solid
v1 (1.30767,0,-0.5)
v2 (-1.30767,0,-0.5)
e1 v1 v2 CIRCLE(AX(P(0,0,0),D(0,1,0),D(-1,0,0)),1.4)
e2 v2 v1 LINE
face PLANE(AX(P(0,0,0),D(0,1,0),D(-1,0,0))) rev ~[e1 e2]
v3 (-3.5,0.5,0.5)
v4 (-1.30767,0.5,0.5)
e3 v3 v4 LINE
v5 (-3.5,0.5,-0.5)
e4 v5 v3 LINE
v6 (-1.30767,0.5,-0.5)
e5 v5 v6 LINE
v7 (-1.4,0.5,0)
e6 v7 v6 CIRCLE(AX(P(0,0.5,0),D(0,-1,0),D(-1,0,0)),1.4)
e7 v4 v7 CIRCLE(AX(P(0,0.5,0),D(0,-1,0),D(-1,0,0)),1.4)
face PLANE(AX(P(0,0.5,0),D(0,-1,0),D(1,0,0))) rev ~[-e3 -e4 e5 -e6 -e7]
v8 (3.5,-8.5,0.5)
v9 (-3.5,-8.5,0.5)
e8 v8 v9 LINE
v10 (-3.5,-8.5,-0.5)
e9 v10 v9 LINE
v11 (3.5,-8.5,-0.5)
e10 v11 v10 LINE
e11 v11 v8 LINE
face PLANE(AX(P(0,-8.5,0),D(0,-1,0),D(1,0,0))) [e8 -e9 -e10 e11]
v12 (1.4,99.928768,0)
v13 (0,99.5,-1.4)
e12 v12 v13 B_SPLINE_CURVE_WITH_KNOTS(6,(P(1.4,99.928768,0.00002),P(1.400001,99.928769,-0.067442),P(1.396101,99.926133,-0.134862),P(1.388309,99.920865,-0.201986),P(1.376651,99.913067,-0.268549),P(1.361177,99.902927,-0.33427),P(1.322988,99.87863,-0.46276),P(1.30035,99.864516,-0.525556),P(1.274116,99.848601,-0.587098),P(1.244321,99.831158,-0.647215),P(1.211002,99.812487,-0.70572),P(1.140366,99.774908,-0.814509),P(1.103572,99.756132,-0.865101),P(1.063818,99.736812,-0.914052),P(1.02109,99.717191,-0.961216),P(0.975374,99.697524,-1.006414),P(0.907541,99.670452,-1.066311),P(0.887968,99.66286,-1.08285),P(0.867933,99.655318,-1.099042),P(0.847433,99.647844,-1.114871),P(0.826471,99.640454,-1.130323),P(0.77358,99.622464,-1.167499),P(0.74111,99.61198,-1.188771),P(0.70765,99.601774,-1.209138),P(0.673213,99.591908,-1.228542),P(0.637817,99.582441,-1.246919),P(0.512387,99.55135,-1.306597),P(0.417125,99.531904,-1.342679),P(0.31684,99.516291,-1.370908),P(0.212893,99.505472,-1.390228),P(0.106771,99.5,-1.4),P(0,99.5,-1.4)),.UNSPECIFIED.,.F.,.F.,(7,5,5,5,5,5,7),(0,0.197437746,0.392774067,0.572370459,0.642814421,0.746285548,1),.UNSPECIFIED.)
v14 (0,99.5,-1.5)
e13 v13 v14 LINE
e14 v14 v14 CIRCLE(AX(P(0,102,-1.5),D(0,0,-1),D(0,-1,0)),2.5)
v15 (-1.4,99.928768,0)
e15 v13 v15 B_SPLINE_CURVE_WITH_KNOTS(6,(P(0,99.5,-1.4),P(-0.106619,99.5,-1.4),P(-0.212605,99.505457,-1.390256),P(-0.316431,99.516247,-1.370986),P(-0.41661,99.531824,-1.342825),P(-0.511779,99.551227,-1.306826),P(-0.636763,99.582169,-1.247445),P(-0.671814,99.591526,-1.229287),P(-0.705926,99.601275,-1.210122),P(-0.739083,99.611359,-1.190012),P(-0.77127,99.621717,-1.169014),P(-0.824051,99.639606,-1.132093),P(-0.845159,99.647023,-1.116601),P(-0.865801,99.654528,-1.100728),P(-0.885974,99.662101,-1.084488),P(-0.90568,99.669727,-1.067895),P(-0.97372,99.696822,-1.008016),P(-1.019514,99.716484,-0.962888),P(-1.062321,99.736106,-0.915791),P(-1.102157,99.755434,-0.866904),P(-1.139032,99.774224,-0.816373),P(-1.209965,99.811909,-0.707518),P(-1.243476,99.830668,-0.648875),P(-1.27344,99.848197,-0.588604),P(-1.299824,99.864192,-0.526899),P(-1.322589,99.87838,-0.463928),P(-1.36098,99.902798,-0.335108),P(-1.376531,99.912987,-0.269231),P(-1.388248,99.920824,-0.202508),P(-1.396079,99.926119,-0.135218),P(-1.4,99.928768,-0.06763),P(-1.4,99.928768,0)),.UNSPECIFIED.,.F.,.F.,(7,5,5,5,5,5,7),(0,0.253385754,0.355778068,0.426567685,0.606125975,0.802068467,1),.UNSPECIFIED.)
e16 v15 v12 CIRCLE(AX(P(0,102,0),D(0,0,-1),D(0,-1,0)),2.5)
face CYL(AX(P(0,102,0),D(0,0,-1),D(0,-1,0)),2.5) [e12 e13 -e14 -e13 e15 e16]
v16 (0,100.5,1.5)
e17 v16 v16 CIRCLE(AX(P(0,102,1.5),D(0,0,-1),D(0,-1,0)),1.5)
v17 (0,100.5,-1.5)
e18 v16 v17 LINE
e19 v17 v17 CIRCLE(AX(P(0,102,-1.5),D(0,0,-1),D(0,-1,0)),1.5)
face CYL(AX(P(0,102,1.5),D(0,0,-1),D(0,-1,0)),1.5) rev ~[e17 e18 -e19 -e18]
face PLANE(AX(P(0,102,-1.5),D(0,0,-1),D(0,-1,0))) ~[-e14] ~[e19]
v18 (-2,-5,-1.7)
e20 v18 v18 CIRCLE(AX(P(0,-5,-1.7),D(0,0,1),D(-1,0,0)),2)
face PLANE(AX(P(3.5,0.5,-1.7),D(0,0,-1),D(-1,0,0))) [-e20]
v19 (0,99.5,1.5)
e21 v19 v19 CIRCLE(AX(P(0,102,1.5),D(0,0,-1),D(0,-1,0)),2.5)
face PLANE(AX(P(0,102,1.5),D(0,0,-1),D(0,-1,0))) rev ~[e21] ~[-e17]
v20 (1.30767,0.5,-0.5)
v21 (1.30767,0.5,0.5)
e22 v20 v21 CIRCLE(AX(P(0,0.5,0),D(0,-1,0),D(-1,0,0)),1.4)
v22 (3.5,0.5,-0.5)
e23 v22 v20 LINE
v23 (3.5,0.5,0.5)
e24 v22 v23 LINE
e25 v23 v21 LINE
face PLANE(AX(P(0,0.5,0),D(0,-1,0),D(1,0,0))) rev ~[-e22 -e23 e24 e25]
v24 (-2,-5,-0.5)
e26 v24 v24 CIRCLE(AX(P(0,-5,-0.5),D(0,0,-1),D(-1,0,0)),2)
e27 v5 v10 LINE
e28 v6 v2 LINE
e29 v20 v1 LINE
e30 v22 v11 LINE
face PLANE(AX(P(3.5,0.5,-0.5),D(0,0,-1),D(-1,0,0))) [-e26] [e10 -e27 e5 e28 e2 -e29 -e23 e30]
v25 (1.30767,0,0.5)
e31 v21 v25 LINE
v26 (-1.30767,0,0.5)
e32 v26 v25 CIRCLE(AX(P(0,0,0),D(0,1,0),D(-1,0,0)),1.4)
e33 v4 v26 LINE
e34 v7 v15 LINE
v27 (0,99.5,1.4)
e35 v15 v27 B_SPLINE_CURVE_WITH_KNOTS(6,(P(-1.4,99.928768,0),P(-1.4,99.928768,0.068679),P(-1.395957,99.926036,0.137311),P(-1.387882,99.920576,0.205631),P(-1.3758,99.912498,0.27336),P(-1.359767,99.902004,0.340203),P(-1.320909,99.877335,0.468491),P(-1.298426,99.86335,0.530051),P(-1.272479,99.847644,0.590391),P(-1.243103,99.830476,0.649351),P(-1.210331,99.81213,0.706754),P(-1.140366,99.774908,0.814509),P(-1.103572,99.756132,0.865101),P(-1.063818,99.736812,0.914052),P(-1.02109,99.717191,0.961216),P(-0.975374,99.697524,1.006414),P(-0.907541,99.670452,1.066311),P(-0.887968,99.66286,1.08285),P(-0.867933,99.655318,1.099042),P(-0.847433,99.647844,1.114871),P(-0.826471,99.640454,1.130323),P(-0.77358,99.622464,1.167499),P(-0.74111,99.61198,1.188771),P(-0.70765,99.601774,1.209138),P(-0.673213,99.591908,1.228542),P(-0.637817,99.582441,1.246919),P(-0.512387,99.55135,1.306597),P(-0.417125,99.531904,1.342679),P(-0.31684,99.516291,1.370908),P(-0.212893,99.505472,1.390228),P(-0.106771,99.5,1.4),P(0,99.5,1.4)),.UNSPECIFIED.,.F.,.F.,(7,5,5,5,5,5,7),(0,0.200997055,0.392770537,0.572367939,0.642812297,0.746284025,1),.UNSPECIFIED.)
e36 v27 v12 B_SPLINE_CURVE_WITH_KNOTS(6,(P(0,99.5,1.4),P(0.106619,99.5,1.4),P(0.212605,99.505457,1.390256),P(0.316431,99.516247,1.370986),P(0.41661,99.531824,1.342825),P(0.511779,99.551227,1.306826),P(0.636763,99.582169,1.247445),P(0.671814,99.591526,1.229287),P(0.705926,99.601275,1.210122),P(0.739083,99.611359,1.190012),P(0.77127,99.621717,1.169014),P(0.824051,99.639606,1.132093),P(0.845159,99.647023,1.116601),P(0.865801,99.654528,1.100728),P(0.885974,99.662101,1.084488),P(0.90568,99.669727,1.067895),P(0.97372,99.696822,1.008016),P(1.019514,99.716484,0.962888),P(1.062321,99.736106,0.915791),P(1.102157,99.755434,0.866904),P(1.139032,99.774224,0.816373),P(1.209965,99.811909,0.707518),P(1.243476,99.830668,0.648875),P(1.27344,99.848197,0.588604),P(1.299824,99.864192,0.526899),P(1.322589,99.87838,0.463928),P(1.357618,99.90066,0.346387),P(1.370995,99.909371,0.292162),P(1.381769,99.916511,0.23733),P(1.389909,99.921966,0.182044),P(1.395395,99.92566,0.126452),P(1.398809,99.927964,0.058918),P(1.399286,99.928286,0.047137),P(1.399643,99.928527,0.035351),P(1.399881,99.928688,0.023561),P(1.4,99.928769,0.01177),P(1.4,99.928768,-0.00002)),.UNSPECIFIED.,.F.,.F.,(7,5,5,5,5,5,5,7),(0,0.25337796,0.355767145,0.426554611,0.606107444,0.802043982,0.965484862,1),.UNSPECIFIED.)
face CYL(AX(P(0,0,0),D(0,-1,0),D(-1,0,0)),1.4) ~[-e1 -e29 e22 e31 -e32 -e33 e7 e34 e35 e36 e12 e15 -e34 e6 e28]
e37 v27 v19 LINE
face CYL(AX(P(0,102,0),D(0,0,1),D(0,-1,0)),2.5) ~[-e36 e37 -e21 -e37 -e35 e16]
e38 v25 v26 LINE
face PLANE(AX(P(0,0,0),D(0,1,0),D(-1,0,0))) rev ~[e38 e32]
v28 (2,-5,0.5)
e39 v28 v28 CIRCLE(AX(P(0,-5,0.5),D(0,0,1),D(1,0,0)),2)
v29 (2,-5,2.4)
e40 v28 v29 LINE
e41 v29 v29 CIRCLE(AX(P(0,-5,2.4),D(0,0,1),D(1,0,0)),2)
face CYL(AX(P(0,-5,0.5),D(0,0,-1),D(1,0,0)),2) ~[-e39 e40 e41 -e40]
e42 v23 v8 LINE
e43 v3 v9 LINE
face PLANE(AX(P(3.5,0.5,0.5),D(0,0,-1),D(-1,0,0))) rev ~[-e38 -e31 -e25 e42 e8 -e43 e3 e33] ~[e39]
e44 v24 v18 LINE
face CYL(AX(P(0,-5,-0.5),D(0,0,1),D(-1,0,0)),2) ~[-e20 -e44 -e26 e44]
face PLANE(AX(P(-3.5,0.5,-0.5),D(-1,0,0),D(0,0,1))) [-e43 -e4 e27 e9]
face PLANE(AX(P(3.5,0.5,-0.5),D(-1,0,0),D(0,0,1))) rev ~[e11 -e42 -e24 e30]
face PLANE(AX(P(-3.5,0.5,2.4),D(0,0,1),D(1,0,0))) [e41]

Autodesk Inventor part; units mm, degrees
ref_plane "YZ Plane" through (0, 0, 0) normal (1, 0, 0) x (0, 1, 0)
sketch "Sketch1" plane through (0, 0, 0) normal (0, 1, 0) x (-1, 0, 0)
  circle A0 centre (0, 0) radius 1.4
  dimension "d0" = 2.8
extrude "Extrusion1" add sketch "Sketch1" along normal blind 100
ref_plane "Work Plane1" through (0, 99.5, 0) normal (0, 1, 0) x (1, 0, 0)
sketch "Sketch2" plane through (0, 99.5, 0) normal (0, 1, 0) x (1, 0, 0)
  line L0 (0, 0) -> (0, -1.5)
  line L1 (0, 0) -> (0, 1.5)
  dimension "d4" = 1.5
  dimension "d5" = 1.5
sketch "Sketch3" plane through (0, 0, 0) normal (1, 0, 0) x (0, 1, 0)
  line L0 (99.5, 0) -> (99.5, 1.5) projected
  line L1 (99.5, 0) -> (99.5, -1.5) projected
  line L2 (99.5, 1.5) -> (100.5, 1.5)
  line L3 (100.5, 1.5) -> (100.5, -1.5)
  line L4 (100.5, -1.5) -> (99.5, -1.5)
  line L5 (102, 1.659) -> (102, -3.2084)
  point P0 (0, 0)
  dimension "d6" = 1
  dimension "d7" = 2.5
revolve "Revolution1" add sketch "Sketch3" angle 360 about axis through (0, 102, 1.659) along (0, 0, -1)
ref_plane "Work Plane2" through (0, 0.5, 0) normal (0, -1, 0) x (1, 0, 0)
sketch "Sketch4" plane through (0, 0.5, 0) normal (0, -1, 0) x (1, 0, 0)
  line L0 (0, 0) -> (0, -2.1121)
  line L1 (3.5, -0.5) -> (3.5, 0.5)
  line L2 (3.5, 0.5) -> (0, 0.5)
  line L3 (3.5, -0.5) -> (0, -0.5)
  line L4 (-3.5, -0.5) -> (-3.5, 0.5)
  line L5 (-3.5, 0.5) -> (0, 0.5)
  line L6 (-3.5, -0.5) -> (0, -0.5)
  dimension "d12" = 3.5
  dimension "d13" = 1
extrude "Extrusion2" add sketch "Sketch4" along normal blind 9
sketch "Sketch5" plane through (3.5, 0.5, -0.5) normal (0, 0, -1) x (-1, 0, 0)
  line L0 (3.5, -0.5) -> (3.5, -9)
  line L1 (7, -9) -> (0, -9) projected
  line L2 (3.5, -9) -> (3.5, -5.5)
  line L3 (3.5, -9) -> (3.5, -9.0551)
  circle A0 centre (3.5, -5.5) radius 2
  dimension "d16" = 3.5
  dimension "d17" = 4
extrude "Extrusion3" add sketch "Sketch5" along normal blind 1.2
sketch "Sketch6" plane through (-3.5, 0.5, 0.5) normal (0, 0, 1) x (1, 0, 0)
  circle A0 centre (3.5, -5.5) radius 2 projected
  point P0 (3.5, -0.5)
extrude "Extrusion4" add sketch "Sketch6" along normal blind 1.9
properties part number "101-05" material "Aluminum 6061"
